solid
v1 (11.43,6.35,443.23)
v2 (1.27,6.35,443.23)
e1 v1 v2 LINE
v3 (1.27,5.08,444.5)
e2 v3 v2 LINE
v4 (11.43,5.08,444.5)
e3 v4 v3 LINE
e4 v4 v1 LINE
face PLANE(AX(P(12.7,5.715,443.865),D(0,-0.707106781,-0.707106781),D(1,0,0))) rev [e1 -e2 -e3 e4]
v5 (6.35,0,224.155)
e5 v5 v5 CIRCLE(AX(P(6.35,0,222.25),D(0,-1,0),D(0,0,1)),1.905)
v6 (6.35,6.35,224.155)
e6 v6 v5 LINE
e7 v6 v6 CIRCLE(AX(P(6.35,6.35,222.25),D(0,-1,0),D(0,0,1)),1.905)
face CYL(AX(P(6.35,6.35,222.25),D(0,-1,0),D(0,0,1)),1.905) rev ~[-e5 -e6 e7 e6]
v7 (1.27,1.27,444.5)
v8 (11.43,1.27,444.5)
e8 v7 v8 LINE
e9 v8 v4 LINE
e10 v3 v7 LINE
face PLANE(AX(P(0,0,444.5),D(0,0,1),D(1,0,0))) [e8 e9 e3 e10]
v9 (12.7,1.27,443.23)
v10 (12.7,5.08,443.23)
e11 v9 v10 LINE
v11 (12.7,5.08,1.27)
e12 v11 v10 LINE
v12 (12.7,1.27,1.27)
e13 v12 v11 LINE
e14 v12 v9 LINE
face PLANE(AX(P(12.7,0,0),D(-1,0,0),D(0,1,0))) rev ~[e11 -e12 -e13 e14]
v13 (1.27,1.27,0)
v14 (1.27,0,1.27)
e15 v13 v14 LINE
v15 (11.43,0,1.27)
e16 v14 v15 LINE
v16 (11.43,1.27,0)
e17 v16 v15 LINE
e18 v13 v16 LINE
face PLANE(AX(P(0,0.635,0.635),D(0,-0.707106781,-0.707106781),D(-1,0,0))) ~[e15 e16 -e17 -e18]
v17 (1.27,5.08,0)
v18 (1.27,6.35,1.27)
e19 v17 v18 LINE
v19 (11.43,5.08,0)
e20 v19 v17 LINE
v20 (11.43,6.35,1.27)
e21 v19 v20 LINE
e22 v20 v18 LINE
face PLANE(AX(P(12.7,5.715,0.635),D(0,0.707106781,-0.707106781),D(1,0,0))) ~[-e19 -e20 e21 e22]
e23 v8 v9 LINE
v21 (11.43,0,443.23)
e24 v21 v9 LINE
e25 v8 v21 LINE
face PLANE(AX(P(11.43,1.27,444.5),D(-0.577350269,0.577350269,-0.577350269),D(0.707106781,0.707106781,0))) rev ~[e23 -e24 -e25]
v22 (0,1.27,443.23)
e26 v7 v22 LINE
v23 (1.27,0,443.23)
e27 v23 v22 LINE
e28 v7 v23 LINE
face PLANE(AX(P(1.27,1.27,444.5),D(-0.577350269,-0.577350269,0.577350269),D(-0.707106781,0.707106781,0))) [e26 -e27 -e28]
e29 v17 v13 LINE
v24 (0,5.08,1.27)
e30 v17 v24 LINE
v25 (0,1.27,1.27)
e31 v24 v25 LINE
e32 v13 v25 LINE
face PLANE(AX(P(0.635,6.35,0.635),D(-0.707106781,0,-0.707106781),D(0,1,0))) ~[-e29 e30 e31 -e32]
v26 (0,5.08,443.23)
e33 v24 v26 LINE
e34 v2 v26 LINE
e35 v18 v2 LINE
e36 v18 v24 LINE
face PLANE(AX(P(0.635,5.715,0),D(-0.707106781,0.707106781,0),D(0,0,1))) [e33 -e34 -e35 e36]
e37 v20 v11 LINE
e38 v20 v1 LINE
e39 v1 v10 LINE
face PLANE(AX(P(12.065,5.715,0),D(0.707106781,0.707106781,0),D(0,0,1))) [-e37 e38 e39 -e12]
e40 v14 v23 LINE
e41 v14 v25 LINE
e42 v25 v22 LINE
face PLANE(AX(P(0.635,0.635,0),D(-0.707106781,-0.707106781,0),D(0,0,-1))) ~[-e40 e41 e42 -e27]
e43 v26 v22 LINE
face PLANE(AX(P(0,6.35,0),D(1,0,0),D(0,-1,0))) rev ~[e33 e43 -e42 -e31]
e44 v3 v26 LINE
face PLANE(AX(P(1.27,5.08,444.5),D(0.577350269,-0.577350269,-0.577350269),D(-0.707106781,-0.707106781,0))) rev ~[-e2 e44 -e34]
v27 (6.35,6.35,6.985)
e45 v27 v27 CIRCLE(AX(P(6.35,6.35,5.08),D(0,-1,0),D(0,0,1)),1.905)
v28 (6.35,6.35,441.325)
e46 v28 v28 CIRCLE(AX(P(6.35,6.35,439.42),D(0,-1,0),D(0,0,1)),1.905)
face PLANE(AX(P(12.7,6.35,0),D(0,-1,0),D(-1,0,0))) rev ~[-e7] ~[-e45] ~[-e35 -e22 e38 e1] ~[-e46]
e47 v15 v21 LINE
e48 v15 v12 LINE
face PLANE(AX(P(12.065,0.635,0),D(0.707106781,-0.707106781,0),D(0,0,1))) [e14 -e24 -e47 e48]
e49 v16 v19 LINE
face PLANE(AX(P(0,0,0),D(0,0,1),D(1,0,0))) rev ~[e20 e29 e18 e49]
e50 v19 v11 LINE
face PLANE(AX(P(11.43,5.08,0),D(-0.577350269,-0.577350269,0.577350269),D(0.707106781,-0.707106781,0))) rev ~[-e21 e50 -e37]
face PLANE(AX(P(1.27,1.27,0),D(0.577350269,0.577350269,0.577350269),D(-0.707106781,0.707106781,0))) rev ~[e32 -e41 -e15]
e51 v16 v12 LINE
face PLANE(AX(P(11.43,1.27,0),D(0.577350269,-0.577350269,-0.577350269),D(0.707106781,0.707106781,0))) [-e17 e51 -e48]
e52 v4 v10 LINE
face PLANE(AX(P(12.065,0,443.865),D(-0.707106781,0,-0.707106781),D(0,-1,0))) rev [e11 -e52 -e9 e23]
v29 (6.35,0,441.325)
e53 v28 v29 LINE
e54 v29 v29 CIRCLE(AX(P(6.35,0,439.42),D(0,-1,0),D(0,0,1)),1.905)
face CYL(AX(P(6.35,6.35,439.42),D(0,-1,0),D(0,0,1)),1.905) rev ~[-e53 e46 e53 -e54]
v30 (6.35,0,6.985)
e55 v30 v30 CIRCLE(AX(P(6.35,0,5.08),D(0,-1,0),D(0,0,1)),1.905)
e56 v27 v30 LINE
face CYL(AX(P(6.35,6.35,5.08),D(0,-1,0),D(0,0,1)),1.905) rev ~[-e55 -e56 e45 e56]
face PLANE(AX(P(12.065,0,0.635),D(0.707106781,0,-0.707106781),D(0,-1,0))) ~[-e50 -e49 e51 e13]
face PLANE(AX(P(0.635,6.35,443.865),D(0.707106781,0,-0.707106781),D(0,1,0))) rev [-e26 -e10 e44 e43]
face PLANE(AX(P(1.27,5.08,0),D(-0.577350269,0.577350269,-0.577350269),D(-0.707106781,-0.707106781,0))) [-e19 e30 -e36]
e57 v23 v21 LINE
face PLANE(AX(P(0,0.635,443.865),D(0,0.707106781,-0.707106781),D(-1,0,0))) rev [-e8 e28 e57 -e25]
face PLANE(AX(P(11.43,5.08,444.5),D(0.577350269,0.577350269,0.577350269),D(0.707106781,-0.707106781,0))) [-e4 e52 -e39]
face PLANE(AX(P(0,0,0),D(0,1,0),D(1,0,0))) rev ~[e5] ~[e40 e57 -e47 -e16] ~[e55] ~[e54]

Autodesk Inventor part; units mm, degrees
ref_plane "YZ Plane" through (0, 0, 0) normal (1, 0, 0) x (0, 1, 0)
ref_plane "XZ Plane" through (0, 0, 0) normal (0, 1, 0) x (-1, 0, 0)
ref_plane "XY Plane" through (0, 0, 0) normal (0, 0, 1) x (1, 0, 0)
sketch "Sketch1" plane through (0, 0, 0) normal (0, 0, 1) x (1, 0, 0)
  line L0 (0, 0) -> (12.7, 0)
  line L1 (12.7, 0) -> (12.7, 6.35)
  line L2 (12.7, 6.35) -> (0, 6.35)
  line L3 (0, 6.35) -> (0, 0)
  dimension "d0" = 12.7
  dimension "d1" = 6.35
extrude "Extrusion1" add sketch "Sketch1" along normal blind 444.5
chamfer "Chamfer2" distance 1.27 angle 45 12 edges at (12.7, 0, 222.25) (0, 0, 222.25) (12.7, 6.35, 222.25) (0, 6.35, 222.25) (6.35, 0, 444.5) (6.35, 6.35, 444.5) (6.35, 0, 0) (6.35, 6.35, 0) (12.7, 3.175, 0) (0, 3.175, 0) (0, 3.175, 444.5) (12.7, 3.175, 444.5)
sketch "Sketch3" plane through (1.27, 6.35, 1.27) normal (0, 1, 0) x (1, 0, 0)
  line L0 (10.16, 0) -> (10.16, -441.96) projected
  line L1 (0, 0) -> (10.16, 0) projected
  line L2 (0, -441.96) -> (10.16, -441.96) projected
  point P0 (-1.27, 1.27)
  point P1 (5.08, -3.81)
  point P2 (5.08, -220.98)
  point P3 (5.08, -438.15)
  point P4 (22.86, 0)
  point P5 (22.86, -441.96)
  dimension "d17" = 5.08
  dimension "d18" = 3.81
  dimension "d19" = 5.08
  dimension "d20" = 3.81
  dimension "d21" = 5.08
  dimension "d22" = 220.98
hole "Hole1" at (6.35, 6.35, 5.08) at (6.35, 6.35, 222.25) at (6.35, 6.35, 439.42) direction (0, -1, 0) diameter 3.81 end through all
equation "\"d19\" = d17"
equation "\"d20\" = d18"
equation "\"d21\" = d17"
properties part number "x-lift arm prototype piece"
